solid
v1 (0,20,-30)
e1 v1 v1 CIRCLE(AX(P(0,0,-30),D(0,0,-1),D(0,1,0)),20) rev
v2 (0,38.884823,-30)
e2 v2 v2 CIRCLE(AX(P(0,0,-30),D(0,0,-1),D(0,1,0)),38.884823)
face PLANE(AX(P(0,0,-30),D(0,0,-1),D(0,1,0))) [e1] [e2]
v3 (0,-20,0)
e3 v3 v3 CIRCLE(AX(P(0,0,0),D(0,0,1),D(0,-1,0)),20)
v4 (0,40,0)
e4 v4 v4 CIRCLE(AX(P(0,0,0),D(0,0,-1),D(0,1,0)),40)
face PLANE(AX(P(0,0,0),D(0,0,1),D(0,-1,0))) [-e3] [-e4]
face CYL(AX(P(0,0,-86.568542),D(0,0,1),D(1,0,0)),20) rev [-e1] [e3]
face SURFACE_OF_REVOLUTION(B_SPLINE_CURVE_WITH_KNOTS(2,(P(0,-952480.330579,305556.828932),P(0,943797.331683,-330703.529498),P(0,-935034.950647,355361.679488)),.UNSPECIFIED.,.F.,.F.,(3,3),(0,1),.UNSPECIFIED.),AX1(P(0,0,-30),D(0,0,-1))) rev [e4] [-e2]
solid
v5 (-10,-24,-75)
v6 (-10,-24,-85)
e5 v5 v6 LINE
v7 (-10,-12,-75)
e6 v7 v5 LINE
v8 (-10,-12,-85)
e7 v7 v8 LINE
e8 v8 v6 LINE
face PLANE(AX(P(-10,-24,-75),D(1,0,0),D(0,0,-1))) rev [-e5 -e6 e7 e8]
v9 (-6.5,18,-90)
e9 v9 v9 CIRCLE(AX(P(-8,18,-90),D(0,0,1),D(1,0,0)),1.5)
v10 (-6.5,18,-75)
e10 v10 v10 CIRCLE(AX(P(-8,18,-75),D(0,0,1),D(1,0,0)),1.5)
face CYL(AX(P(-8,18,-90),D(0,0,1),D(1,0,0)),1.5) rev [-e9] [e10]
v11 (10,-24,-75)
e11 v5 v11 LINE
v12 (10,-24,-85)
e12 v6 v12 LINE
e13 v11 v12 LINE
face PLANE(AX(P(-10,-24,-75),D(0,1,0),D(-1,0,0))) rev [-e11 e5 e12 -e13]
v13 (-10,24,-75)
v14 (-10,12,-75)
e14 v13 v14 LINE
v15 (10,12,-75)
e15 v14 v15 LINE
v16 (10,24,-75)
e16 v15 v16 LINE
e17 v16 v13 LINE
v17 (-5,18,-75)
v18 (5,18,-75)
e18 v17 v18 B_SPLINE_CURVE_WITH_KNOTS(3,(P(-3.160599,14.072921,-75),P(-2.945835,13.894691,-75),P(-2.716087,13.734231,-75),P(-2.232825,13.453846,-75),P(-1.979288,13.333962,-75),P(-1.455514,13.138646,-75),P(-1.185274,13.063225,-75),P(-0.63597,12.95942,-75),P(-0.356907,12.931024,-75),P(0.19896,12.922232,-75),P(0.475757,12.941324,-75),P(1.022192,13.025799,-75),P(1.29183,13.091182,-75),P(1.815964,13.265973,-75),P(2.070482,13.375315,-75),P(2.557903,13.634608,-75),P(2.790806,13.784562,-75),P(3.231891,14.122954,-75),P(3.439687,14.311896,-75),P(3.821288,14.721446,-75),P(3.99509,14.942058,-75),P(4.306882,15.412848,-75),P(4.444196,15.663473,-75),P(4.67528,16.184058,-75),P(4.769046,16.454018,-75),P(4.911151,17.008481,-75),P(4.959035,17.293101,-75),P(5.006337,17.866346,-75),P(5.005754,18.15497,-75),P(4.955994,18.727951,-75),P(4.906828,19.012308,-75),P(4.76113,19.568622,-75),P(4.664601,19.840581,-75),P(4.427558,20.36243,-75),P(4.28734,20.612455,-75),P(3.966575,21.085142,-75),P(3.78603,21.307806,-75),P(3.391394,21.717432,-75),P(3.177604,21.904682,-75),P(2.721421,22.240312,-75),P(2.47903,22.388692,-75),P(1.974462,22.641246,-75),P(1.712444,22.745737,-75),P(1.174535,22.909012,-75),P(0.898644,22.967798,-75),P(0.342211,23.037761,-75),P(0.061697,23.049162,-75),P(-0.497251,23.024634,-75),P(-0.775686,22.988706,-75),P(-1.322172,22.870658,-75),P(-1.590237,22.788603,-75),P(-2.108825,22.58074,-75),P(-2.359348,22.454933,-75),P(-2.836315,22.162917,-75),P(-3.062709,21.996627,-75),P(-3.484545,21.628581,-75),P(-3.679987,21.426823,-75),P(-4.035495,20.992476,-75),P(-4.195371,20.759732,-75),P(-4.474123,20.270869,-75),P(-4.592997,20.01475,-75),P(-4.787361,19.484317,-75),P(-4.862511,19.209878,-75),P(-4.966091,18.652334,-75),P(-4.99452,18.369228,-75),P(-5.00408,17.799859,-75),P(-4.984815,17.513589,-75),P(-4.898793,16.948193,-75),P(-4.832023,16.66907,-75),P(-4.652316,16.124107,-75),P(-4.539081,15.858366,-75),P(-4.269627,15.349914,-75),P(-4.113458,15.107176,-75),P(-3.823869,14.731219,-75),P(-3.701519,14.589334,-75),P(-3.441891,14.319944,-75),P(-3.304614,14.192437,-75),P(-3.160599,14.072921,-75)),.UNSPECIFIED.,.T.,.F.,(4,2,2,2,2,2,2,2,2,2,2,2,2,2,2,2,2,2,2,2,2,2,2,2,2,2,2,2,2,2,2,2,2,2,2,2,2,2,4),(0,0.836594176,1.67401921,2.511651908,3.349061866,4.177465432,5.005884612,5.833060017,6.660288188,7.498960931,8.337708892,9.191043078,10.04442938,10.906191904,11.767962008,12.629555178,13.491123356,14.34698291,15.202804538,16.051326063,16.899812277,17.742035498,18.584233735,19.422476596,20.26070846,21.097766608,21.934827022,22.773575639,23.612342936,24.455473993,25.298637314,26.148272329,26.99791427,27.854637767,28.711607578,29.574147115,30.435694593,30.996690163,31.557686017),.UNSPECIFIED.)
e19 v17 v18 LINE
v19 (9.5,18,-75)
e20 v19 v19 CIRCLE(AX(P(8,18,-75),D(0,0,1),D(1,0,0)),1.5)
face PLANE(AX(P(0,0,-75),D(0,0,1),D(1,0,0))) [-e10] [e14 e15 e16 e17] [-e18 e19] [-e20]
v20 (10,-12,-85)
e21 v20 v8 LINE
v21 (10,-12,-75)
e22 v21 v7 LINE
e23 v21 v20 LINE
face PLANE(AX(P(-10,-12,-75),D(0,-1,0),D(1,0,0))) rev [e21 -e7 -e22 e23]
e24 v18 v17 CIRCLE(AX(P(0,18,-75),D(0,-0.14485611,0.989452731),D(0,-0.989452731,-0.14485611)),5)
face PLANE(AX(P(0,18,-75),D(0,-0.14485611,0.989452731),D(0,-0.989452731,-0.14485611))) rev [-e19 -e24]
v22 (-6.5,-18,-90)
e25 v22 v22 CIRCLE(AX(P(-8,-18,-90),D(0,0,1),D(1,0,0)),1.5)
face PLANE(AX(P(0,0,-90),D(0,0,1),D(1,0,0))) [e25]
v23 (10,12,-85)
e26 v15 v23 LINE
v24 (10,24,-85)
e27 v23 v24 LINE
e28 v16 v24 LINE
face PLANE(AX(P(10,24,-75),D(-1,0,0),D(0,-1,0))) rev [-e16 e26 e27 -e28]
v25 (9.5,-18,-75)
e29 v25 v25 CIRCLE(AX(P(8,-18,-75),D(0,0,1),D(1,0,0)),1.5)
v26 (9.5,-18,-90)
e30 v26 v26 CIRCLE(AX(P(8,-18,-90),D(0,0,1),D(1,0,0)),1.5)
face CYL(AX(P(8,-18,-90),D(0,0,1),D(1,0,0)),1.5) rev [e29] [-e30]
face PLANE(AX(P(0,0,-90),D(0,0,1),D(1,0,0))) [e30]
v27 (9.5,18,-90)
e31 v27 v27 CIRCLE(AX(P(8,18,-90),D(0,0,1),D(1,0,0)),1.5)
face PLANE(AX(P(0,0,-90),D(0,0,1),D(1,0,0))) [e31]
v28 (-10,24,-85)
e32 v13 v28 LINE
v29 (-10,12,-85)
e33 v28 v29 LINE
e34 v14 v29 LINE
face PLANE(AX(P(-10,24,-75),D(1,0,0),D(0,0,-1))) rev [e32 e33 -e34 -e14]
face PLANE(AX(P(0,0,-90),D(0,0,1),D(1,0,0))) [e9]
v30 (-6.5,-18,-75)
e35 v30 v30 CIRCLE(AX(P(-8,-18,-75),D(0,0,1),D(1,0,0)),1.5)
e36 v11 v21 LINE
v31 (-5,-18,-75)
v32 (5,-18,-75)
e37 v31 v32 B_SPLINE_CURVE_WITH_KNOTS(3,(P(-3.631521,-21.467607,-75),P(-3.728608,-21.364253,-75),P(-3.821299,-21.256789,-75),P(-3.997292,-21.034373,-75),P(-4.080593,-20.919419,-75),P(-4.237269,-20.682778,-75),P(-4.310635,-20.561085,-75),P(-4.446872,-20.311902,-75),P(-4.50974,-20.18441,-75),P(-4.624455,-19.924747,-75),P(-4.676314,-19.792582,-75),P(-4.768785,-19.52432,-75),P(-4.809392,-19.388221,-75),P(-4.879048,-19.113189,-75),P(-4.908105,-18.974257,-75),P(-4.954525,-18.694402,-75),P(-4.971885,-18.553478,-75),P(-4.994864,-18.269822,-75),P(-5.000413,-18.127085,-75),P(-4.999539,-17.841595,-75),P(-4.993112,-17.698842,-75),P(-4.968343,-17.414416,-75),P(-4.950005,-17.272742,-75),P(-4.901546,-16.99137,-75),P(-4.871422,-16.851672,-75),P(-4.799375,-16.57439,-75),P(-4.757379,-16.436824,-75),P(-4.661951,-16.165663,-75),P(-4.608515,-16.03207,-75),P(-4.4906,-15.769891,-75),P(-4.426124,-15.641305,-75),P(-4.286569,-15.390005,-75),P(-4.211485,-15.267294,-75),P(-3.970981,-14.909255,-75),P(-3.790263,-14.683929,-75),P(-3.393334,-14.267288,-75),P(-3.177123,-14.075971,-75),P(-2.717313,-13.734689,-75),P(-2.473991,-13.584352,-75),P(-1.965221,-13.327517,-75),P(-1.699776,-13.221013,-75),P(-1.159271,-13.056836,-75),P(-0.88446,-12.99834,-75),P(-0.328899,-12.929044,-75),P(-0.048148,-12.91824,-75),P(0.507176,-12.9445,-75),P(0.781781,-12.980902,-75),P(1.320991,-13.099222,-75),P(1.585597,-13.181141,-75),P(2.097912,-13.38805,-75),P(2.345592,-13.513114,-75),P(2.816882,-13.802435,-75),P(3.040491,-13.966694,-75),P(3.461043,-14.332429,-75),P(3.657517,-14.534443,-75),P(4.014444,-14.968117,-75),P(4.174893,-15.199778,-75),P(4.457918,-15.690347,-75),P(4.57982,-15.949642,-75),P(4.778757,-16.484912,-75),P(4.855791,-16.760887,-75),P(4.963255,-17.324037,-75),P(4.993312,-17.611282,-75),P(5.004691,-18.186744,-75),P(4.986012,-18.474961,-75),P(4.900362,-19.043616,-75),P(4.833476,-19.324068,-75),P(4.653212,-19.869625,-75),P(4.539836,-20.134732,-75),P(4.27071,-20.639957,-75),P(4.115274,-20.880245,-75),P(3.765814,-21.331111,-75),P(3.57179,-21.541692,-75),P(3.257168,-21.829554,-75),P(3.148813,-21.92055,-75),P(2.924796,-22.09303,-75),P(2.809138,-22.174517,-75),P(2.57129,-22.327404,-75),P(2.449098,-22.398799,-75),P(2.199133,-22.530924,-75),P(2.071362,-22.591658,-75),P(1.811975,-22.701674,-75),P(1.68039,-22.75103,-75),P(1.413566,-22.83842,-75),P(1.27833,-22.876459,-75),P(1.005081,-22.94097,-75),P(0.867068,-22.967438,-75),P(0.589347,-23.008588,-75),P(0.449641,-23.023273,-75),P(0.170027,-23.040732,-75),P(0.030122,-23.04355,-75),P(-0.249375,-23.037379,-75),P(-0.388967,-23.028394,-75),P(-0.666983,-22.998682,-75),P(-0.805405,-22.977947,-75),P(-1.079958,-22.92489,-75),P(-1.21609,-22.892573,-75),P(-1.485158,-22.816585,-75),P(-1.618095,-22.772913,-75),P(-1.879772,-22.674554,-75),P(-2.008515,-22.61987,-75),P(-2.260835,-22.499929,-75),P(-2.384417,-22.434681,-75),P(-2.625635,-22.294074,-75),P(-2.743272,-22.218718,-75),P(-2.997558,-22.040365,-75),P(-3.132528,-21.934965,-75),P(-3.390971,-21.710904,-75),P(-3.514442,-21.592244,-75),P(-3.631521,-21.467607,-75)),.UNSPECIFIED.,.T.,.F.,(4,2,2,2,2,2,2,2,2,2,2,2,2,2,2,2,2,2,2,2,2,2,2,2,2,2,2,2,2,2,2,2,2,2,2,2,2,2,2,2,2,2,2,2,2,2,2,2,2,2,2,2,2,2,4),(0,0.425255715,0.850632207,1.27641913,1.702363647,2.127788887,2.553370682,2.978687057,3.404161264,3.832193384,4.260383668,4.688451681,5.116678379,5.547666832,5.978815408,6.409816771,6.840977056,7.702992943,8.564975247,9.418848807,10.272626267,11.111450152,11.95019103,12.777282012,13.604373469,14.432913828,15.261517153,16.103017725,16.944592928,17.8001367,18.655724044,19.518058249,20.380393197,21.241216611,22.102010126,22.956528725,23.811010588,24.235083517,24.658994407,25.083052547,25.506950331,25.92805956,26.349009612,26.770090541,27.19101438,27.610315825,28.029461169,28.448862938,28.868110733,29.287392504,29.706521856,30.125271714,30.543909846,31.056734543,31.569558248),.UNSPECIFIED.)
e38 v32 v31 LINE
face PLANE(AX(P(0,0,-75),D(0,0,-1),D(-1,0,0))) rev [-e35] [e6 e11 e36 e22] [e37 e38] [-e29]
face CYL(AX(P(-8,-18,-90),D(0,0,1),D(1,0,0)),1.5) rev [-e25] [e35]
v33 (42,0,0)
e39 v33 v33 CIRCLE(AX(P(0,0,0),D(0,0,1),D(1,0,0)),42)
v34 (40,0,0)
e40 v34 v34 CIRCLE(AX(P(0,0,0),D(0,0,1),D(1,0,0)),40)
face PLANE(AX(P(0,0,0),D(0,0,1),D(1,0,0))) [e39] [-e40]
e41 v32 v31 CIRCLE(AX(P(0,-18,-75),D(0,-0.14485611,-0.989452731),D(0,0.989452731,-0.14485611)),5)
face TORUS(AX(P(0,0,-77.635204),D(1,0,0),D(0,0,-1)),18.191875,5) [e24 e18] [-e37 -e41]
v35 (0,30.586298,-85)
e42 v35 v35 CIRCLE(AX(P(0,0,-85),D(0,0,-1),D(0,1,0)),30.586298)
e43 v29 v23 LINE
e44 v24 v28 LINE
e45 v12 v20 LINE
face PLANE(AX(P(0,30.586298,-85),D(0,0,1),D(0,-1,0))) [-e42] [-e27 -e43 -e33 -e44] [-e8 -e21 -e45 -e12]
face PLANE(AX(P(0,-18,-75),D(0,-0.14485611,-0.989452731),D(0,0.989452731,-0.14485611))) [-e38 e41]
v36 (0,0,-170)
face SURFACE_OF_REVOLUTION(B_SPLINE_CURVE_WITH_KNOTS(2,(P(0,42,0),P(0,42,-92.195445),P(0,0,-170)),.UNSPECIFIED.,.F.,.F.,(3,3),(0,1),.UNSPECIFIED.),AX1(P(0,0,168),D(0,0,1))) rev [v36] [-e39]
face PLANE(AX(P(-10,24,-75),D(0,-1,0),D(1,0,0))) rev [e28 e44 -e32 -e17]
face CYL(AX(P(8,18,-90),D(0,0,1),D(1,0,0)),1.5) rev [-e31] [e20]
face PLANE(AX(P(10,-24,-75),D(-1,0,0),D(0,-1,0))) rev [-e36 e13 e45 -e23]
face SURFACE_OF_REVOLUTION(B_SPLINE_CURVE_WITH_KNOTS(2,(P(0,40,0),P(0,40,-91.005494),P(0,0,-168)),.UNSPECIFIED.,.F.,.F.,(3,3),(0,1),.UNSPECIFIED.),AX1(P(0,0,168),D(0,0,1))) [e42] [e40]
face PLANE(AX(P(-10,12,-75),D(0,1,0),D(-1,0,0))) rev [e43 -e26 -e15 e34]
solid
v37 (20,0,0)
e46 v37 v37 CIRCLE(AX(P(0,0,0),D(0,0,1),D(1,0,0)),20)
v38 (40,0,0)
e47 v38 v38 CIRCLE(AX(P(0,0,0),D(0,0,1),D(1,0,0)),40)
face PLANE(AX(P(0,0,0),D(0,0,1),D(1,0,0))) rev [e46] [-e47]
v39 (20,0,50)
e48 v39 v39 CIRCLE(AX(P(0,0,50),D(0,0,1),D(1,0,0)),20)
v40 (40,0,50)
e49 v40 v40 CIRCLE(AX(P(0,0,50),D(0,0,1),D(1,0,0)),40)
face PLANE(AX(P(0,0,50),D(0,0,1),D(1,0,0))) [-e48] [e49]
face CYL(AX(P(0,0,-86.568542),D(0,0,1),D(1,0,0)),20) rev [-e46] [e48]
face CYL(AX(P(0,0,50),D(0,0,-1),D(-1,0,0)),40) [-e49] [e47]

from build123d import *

# Parameters (mm, degrees)
SKETCH18_W          = 20
SKETCH18_H          = 12
BOSS_EXTRUDE2_DEPTH = 10
SKETCH19_R          = 1.5
CUT_EXTRUDE1_DEPTH  = 15
SWEEP2_PROFILE_R    = 5
SKETCH46_R          = 40
BOSS_EXTRUDE4_DEPTH = 50
CUT_EXTRUDE3_START  = -80
SKETCH47_R          = 20
CUT_EXTRUDE3_DEPTH  = 80


with BuildPart() as part:
    # Sketch1 → Revolve6 (revolve)
    with BuildSketch(Plane(origin=(0, 0, 0), x_dir=(0, 0, -1), z_dir=(1, 0, 0))):
        with BuildLine():
            Line((0, 40), (0, 42))
            add(Edge.make_bspline(
                [(0, 42), (92.195444573, 42), (170, 0)],
                knots=[0, 0, 0, 1, 1, 1], degree=2))
            Line((170, 0), (168, 0))
            add(Edge.make_bspline(
                [(0, 40), (91.00549434, 40), (168, 0)],
                knots=[0, 0, 0, 1, 1, 1], degree=2))
        make_face()
    revolve(axis=Axis((0, 0, 168), (0, 0, -1)))



with BuildPart() as body_2:
    # Sketch15 → Revolve7 (revolve)
    with BuildSketch(Plane(origin=(0, 0, 0), x_dir=(0, 0, -1), z_dir=(1, 0, 0))):
        with BuildLine():
            Line((0, 40), (0, 0))
            Line((0, 0), (168, 0))
            add(Edge.make_bspline(
                [(0, 40), (91.00549434, 40), (168, 0)],
                knots=[0, 0, 0, 1, 1, 1], degree=2))
        make_face()
    revolve(axis=Axis((0, 0, -168), (0, 0, 1)))

    # Sketch16 → Cut-Revolve1 (revolve, cut)
    with BuildSketch(Plane(origin=(0, 0, 0), x_dir=(0, 0, -1), z_dir=(1, 0, 0))):
        with BuildLine():
            Line((85, 0), (0, 0))
            Line((0, 0), (-9.8e-08, 40))
            add(Edge.make_bspline(
                [(-9.8e-08, 40), (44.148690773, 40.000000011), (85, 30.586298474)],
                knots=[0, 0, 0, 1, 1, 1], degree=2))
            Line((85, 30.586298474), (85, 0))
        make_face()
    revolve(axis=Axis((0, 0, -85), (0, 0, 1)), mode=Mode.SUBTRACT)


with BuildPart() as part_1:
    add(part.part)

    add(body_2.part)  # Boss-Extrude2 merges body 2
    # Sketch18 → Boss-Extrude2 (add)
    with BuildSketch(Plane.XY.offset(-85)):
        with Locations((0, 18)):
            Rectangle(SKETCH18_W, SKETCH18_H)
        with Locations((0, -18)):
            Rectangle(SKETCH18_W, SKETCH18_H)
    extrude(amount=BOSS_EXTRUDE2_DEPTH)

    # Sketch19 → Cut-Extrude1 (cut)
    with BuildSketch(Plane.XY.offset(-75)):
        with Locations((-8, 18)):
            Circle(SKETCH19_R)
        with Locations((8, 18)):
            Circle(SKETCH19_R)
        with Locations((-8, -18)):
            Circle(SKETCH19_R)
        with Locations((8, -18)):
            Circle(SKETCH19_R)
    extrude(amount=-CUT_EXTRUDE1_DEPTH, mode=Mode.SUBTRACT)

    # Sweep2: sweep along a path in Sketch22
    with BuildLine(Plane(origin=(0, 0, 0), x_dir=(0, 0, -1), z_dir=(1, 0, 0))) as sweep2_path:
        ThreePointArc((75, 18), (59.443329598, -7e-09), (75, -18.000000014))
    # Sweep2 profile (on start of the path) → Sweep2 (sweep)
    with BuildSketch(Plane(origin=(0, 18, -75), x_dir=(0, 0.9894527311891559, 0.1448561104762935), z_dir=(0, -0.1448561104762935, 0.9894527311891559))):
        Circle(SWEEP2_PROFILE_R)
    sweep(path=sweep2_path.line)


with BuildPart() as body_2_2:
    # Sketch43 → Revolve8 (revolve)
    with BuildSketch(Plane(origin=(0, 0, 0), x_dir=(0, 0, -1), z_dir=(1, 0, 0))):
        with BuildLine():
            Line((30, 0), (0, 0))
            Line((0, 0), (0, 40))
            add(Edge.make_bspline(
                [(0, 40), (15.195309174, 40), (30, 38.884822889)],
                knots=[0, 0, 0, 1, 1, 1], degree=2))
            Line((30, 38.884822889), (30, 0))
        make_face()
    revolve(axis=Axis((0, 0, -30), (0, 0, 1)))


with BuildPart() as body_3:
    # Sketch46 → Boss-Extrude4 (new body)
    with BuildSketch(Plane.XY):
        Circle(SKETCH46_R)
    extrude(amount=BOSS_EXTRUDE4_DEPTH)


with BuildPart() as cut_extrude3_tool:
    # Sketch47 → Cut-Extrude3 (new body)
    with BuildSketch(Plane.XY.offset(50).offset(CUT_EXTRUDE3_START)):
        Circle(SKETCH47_R)
    extrude(amount=CUT_EXTRUDE3_DEPTH)


with BuildPart() as body_2_2_1:
    add(body_2_2.part)

    # Cut-Extrude3: cut by cut_extrude3_tool
    add(cut_extrude3_tool.part, mode=Mode.SUBTRACT)


with BuildPart() as body_3_1:
    add(body_3.part)

    # Cut-Extrude3: cut by cut_extrude3_tool
    add(cut_extrude3_tool.part, mode=Mode.SUBTRACT)


solid = Compound([part_1.part, body_2_2_1.part, body_3_1.part])
